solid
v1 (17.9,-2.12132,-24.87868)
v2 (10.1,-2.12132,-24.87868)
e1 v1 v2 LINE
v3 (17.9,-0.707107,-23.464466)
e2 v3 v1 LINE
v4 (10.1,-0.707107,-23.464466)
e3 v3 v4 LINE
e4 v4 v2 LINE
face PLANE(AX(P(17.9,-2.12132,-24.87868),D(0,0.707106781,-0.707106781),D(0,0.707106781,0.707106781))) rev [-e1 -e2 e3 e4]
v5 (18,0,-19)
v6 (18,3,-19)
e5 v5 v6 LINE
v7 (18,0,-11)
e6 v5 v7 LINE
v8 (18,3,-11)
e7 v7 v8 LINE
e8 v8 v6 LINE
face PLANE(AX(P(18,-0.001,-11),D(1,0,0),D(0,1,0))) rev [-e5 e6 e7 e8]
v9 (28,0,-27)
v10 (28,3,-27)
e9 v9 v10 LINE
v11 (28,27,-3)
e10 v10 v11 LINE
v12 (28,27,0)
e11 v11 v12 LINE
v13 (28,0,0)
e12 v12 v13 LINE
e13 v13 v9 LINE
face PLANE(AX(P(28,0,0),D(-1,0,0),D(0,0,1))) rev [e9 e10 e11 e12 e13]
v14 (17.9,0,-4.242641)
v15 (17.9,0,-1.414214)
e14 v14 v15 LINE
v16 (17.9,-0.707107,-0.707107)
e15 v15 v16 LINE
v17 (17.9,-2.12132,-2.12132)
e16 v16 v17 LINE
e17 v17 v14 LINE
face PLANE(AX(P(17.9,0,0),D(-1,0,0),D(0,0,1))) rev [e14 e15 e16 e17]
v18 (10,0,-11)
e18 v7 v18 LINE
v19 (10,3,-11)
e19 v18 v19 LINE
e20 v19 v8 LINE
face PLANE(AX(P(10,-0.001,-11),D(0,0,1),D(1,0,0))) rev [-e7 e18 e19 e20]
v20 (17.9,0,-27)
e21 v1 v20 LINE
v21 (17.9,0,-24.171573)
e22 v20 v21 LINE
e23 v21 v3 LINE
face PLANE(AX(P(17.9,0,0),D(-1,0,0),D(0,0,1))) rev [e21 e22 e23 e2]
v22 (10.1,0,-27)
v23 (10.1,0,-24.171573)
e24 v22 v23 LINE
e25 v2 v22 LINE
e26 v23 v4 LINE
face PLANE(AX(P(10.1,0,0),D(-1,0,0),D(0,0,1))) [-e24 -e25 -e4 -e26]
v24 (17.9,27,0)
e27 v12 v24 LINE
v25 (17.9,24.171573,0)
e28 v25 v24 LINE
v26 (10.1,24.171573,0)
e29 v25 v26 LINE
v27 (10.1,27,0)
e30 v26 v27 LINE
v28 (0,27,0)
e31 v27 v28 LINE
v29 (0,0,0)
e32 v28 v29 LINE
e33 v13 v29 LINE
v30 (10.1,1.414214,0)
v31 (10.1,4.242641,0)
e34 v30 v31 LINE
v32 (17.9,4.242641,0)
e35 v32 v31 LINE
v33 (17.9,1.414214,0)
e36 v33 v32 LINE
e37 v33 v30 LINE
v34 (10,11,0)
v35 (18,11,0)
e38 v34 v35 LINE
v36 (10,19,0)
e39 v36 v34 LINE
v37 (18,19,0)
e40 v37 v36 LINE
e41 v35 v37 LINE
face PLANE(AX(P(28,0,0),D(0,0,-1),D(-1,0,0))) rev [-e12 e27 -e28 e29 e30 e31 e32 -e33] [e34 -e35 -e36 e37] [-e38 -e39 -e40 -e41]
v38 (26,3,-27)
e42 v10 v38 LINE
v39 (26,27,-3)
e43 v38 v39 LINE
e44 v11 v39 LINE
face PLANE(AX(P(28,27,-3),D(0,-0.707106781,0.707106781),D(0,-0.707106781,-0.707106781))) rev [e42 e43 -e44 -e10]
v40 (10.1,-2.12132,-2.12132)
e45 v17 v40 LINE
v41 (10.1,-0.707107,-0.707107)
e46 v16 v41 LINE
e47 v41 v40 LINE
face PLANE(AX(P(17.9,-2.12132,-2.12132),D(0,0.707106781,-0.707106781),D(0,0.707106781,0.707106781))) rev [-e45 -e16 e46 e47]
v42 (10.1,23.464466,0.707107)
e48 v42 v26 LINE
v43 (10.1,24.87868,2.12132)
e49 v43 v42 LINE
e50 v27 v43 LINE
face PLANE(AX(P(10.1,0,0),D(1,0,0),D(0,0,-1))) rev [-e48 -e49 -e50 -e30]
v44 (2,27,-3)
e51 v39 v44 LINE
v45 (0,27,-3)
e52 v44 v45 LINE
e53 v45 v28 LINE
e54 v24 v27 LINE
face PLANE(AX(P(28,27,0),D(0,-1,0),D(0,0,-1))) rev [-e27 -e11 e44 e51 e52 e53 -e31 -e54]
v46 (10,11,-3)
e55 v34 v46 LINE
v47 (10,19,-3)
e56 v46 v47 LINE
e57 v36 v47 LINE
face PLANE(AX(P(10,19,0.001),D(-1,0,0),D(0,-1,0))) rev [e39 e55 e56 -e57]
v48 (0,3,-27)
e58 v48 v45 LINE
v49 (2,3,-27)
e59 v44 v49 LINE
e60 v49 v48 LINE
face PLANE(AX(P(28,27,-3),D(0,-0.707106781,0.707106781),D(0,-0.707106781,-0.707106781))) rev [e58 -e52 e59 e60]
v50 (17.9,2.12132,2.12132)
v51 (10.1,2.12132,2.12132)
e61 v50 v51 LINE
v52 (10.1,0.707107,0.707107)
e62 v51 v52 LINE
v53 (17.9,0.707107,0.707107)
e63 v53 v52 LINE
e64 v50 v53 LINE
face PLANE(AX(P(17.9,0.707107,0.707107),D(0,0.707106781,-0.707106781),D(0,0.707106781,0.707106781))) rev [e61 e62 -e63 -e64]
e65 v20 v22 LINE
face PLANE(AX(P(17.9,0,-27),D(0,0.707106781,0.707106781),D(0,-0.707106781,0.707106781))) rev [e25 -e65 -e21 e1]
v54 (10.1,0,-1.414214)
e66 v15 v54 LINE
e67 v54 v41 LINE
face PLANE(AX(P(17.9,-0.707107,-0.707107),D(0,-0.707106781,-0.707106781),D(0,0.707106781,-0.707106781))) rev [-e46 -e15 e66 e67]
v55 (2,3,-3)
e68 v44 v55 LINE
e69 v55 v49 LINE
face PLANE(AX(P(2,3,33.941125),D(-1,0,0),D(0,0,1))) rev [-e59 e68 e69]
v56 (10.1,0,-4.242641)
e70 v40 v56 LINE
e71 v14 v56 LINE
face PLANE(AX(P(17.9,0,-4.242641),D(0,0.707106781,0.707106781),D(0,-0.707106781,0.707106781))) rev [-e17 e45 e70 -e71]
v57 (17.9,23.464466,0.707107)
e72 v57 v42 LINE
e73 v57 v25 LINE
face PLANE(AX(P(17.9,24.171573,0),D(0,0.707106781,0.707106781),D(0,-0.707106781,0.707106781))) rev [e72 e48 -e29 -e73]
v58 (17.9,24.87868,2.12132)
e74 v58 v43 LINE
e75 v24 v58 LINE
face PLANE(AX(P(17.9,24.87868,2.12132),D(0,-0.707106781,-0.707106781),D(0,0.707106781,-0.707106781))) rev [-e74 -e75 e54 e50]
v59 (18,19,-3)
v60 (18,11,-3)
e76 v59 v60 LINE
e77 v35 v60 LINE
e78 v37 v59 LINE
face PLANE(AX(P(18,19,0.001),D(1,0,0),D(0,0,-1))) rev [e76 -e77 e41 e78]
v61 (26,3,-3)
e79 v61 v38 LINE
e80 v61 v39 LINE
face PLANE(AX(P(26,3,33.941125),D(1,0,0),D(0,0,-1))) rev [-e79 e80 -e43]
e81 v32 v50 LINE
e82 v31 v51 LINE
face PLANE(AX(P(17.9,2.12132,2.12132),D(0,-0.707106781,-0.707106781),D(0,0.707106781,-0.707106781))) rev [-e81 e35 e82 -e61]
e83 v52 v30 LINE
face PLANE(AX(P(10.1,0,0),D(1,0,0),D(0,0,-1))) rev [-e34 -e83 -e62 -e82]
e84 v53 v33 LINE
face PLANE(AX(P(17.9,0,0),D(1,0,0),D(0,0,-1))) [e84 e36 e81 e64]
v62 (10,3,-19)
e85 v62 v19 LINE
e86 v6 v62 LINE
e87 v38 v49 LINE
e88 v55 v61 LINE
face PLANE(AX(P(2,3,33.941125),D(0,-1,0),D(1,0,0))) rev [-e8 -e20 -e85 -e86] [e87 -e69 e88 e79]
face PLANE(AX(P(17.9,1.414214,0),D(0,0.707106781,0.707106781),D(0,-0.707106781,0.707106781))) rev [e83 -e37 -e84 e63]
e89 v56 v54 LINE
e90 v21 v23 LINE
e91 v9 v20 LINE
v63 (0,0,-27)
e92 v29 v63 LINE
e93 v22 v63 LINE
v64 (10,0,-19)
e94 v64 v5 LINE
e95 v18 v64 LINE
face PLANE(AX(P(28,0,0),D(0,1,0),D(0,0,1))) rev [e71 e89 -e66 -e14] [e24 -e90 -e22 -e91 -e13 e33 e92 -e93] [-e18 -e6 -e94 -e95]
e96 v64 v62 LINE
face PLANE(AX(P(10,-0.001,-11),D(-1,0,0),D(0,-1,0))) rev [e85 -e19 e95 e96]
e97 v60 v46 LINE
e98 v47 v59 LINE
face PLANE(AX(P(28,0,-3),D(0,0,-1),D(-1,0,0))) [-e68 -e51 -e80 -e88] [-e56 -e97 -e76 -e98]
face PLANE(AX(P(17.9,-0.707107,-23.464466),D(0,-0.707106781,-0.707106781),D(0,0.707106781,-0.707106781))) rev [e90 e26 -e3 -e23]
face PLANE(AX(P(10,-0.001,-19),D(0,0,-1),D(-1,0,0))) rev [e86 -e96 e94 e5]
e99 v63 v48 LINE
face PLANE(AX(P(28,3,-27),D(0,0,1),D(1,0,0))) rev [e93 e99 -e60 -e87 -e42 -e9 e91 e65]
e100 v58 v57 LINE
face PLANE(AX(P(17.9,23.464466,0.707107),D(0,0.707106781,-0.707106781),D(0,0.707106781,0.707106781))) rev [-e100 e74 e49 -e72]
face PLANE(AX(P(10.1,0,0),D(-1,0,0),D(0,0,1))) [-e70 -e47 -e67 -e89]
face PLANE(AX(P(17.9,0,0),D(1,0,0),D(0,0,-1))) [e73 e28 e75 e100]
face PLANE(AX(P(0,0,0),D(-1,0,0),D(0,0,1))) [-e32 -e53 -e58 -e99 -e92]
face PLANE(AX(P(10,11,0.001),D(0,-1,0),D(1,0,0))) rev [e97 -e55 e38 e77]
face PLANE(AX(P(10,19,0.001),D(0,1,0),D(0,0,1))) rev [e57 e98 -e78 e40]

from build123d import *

# Parameters (mm, degrees)
BOSS_EXTRUDE1_DEPTH = 28
SKETCH2_W           = 24
SKETCH2_H           = 24
CUT_EXTRUDE1_DEPTH  = 24
CUT_EXTRUDE2_REACH  = 47.706
SKETCH3_W           = 8
SKETCH3_H           = 8
CUT_EXTRUDE3_REACH  = 47.706
SKETCH4_W           = 8
SKETCH4_H           = 8
BOSS_EXTRUDE2_DEPTH = 3.9


with BuildPart() as part:
    # Sketch1 → Boss-Extrude1 (new body)
    with BuildSketch(Plane(origin=(0, 0, 0), x_dir=(0, 0, -1), z_dir=(1, 0, 0))):
        Polygon((0, 0), (0, 27), (3, 27), (27, 3), (27, 0), align=None)
    extrude(amount=BOSS_EXTRUDE1_DEPTH)

    # Sketch2 → Cut-Extrude1 (cut)
    with BuildSketch(Plane(origin=(0, 0, -27), x_dir=(-1, 0, 0), z_dir=(0, 0, -1))):
        with Locations((-14, 15)):
            Rectangle(SKETCH2_W, SKETCH2_H)
    extrude(amount=-CUT_EXTRUDE1_DEPTH, mode=Mode.SUBTRACT)

    # Sketch3 → Cut-Extrude2 (cut, up to next)
    with BuildSketch(Plane(origin=(0, 0, -3), x_dir=(-1, 0, 0), z_dir=(0, 0, -1)), mode=Mode.PRIVATE) as cut_extrude2_sk1:
        with Locations((-14, 15)):
            Rectangle(SKETCH3_W, SKETCH3_H)
    cut_extrude2_tool1 = extrude(cut_extrude2_sk1.sketch, amount=-CUT_EXTRUDE2_REACH, mode=Mode.PRIVATE) & part.part
    add(cut_extrude2_tool1.solids().sort_by_distance((14, 15, -3))[0], mode=Mode.SUBTRACT)

    # Sketch4 → Cut-Extrude3 (cut, up to next)
    with BuildSketch(Plane(origin=(0, 3, 0), x_dir=(1, 0, 0), z_dir=(0, 1, 0)), mode=Mode.PRIVATE) as cut_extrude3_sk1:
        with Locations((14, 15)):
            Rectangle(SKETCH4_W, SKETCH4_H)
    cut_extrude3_tool1 = extrude(cut_extrude3_sk1.sketch, amount=-CUT_EXTRUDE3_REACH, mode=Mode.PRIVATE) & part.part
    add(cut_extrude3_tool1.solids().sort_by_distance((14, 3, -15))[0], mode=Mode.SUBTRACT)

    # Sketch5 → Boss-Extrude2 (add, symmetric)
    with BuildSketch(Plane(origin=(14, 0, 0), x_dir=(0, 0, -1), z_dir=(1, 0, 0))):
        Polygon((27, 0), (24.878679656, -2.121320344), (23.464466094, -0.707106781), (24.171572875, 0), align=None)
        Polygon((2.121320344, -2.121320344), (0.707106781, -0.707106781), (1.414213562, 0), (4.242640687, 0), align=None)
        Polygon((0, 1.414213562), (-0.707106781, 0.707106781), (-2.121320344, 2.121320344), (0, 4.242640687), align=None)
        Polygon((-0.707106781, 23.464466094), (-2.121320344, 24.878679656), (0, 27), (0, 24.171572875), align=None)
    extrude(amount=BOSS_EXTRUDE2_DEPTH, both=True)


solid = part.part
